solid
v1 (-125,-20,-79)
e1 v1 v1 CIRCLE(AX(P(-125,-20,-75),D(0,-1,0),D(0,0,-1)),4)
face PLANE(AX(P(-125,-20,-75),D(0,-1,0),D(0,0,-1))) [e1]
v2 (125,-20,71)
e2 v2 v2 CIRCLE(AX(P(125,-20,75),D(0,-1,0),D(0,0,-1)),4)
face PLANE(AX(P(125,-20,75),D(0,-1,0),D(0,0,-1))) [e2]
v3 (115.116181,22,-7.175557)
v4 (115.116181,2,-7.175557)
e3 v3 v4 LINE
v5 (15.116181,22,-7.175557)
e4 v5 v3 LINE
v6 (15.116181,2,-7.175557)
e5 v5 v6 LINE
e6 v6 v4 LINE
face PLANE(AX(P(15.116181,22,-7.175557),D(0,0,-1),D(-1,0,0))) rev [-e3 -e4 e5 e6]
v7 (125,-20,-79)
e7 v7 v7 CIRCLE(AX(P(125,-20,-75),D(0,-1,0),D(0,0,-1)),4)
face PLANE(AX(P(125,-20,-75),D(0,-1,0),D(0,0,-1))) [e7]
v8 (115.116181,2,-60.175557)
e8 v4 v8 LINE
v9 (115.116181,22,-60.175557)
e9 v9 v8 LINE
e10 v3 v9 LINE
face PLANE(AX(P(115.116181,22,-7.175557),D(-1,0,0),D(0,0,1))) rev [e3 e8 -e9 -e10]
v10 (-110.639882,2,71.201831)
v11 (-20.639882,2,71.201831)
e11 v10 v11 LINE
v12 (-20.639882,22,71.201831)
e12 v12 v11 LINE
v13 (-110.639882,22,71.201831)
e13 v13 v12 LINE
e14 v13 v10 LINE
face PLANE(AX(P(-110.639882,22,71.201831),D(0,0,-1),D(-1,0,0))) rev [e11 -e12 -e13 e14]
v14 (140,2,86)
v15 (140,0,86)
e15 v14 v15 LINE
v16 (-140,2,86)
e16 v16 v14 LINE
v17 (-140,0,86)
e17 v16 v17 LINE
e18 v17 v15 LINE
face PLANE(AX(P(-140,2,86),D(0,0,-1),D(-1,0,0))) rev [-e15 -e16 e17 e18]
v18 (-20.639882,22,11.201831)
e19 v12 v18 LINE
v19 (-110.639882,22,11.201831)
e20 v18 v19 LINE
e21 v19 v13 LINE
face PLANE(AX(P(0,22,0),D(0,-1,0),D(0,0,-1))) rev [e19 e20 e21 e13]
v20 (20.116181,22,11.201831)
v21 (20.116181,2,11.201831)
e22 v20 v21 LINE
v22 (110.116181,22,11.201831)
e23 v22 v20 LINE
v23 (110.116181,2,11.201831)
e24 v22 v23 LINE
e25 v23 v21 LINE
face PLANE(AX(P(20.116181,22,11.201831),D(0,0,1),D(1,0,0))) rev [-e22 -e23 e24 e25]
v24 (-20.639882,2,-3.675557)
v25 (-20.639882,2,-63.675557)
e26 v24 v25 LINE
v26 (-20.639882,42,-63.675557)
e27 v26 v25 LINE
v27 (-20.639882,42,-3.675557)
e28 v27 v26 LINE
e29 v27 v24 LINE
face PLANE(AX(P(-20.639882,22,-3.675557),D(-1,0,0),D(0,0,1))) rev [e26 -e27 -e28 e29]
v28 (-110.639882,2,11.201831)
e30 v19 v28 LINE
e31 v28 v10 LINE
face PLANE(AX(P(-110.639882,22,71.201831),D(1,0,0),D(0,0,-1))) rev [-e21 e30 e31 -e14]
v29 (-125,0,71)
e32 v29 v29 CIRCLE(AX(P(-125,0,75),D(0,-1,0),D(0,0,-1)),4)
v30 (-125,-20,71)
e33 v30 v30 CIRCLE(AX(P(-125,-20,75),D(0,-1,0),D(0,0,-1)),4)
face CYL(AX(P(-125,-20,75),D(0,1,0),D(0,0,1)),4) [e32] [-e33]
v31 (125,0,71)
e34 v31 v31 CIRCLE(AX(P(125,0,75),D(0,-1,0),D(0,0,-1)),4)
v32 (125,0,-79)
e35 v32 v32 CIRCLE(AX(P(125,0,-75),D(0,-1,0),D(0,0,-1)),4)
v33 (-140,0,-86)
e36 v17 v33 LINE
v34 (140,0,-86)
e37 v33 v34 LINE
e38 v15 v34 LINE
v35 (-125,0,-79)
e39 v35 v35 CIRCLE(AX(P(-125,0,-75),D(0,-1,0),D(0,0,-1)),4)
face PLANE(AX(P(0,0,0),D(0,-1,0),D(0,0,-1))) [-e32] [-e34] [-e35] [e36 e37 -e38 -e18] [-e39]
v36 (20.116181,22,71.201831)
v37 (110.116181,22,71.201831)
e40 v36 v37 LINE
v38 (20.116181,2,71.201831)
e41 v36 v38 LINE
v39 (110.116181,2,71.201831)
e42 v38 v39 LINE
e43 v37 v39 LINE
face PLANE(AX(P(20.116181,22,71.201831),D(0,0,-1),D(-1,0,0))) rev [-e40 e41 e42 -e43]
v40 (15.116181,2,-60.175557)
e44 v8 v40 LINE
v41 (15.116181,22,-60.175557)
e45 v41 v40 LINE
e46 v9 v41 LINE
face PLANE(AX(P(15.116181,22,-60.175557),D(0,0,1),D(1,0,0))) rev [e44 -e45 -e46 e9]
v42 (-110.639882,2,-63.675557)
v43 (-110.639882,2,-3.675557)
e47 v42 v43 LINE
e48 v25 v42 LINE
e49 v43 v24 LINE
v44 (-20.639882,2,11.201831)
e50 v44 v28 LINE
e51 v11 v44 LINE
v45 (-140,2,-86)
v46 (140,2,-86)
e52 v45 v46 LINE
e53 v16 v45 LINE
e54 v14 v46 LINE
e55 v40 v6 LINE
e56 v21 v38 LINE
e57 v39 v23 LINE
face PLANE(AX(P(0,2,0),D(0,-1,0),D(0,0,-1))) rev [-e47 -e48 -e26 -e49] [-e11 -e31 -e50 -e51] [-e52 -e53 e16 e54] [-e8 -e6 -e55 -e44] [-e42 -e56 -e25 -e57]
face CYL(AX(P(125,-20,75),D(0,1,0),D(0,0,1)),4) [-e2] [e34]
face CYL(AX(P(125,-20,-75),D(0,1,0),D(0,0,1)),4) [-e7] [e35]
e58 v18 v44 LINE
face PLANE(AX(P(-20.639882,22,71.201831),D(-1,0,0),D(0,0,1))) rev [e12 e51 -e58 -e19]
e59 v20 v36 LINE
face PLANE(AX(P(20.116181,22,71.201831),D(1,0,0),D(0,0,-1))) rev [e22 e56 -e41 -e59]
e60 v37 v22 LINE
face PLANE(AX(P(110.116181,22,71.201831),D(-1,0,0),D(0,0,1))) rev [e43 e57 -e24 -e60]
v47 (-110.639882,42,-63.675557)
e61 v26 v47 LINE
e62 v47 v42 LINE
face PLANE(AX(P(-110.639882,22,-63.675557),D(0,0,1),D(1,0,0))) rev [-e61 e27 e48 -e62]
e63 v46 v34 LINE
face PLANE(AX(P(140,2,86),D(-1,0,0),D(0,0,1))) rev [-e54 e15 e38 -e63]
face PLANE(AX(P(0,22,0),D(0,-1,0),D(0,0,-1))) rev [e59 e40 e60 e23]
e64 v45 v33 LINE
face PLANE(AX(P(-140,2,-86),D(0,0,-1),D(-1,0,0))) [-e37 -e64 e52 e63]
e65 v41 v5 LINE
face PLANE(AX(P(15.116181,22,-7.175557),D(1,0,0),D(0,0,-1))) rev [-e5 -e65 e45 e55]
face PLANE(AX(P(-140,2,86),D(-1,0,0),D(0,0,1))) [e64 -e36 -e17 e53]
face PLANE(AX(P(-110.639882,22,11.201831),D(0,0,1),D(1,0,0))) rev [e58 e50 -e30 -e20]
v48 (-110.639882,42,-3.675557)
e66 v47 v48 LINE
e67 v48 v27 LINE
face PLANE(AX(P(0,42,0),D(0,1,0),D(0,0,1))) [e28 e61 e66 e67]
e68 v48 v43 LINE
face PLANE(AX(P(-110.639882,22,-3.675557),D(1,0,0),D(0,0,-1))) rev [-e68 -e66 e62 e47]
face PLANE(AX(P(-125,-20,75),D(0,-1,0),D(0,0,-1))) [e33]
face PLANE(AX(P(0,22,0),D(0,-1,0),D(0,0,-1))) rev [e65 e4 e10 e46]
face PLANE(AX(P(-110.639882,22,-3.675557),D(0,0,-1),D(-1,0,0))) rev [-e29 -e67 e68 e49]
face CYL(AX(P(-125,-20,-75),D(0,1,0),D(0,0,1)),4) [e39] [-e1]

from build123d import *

# Parameters (mm, degrees)
SKETCH_1_W      = 280
SKETCH_1_H      = 172
EXTRUDE_1_DEPTH = 2
SKETCH_2_W      = 90
SKETCH_2_H      = 60
SKETCH_2_W_2    = 100
SKETCH_2_H_2    = 53
EXTRUDE_2_DEPTH = 20
SKETCH_3_W      = 90
SKETCH_3_H      = 60
EXTRUDE_3_DEPTH = 20
SKETCH_4_R      = 4
EXTRUDE_4_DEPTH = 20


with BuildPart() as part:
    # Эскиз1 → Бобышка-Вытянуть1 (new body)
    with BuildSketch(Plane(origin=(0, 0, 0), x_dir=(1, 0, 0), z_dir=(0, 1, 0))):
        Rectangle(SKETCH_1_W, SKETCH_1_H)
    extrude(amount=EXTRUDE_1_DEPTH)

    # Эскиз2 → Бобышка-Вытянуть2 (add)
    with BuildSketch(Plane(origin=(0, 2, 0), x_dir=(1, 0, 0), z_dir=(0, 1, 0))):
        with Locations((-65.639881966, 33.675557069)):
            Rectangle(SKETCH_2_W, SKETCH_2_H)
        with Locations((-65.639881966, -41.201831045)):
            Rectangle(SKETCH_2_W, SKETCH_2_H)
        with Locations((65.116180532, -41.201831045)):
            Rectangle(SKETCH_2_W, SKETCH_2_H)
        with Locations((65.116180532, 33.675557069)):
            Rectangle(SKETCH_2_W_2, SKETCH_2_H_2)
    extrude(amount=EXTRUDE_2_DEPTH)

    # Эскиз3 → Бобышка-Вытянуть3 (add)
    with BuildSketch(Plane(origin=(0, 22, 0), x_dir=(1, 0, 0), z_dir=(0, 1, 0))):
        with Locations((-65.639881966, 33.675557069)):
            Rectangle(SKETCH_3_W, SKETCH_3_H)
    extrude(amount=EXTRUDE_3_DEPTH)

    # Эскиз4 → Бобышка-Вытянуть4 (add)
    with BuildSketch(Plane.XZ):
        with Locations(Location((-125, 75, 0), (0, 0, 270))):
            Circle(SKETCH_4_R)
        with Locations(Location((125, 75, 0), (0, 0, 270))):
            Circle(SKETCH_4_R)
        with Locations(Location((125, -75, 0), (0, 0, 270))):
            Circle(SKETCH_4_R)
        with Locations(Location((-125, -75, 0), (0, 0, 270))):
            Circle(SKETCH_4_R)
    extrude(amount=EXTRUDE_4_DEPTH)


solid = part.part
